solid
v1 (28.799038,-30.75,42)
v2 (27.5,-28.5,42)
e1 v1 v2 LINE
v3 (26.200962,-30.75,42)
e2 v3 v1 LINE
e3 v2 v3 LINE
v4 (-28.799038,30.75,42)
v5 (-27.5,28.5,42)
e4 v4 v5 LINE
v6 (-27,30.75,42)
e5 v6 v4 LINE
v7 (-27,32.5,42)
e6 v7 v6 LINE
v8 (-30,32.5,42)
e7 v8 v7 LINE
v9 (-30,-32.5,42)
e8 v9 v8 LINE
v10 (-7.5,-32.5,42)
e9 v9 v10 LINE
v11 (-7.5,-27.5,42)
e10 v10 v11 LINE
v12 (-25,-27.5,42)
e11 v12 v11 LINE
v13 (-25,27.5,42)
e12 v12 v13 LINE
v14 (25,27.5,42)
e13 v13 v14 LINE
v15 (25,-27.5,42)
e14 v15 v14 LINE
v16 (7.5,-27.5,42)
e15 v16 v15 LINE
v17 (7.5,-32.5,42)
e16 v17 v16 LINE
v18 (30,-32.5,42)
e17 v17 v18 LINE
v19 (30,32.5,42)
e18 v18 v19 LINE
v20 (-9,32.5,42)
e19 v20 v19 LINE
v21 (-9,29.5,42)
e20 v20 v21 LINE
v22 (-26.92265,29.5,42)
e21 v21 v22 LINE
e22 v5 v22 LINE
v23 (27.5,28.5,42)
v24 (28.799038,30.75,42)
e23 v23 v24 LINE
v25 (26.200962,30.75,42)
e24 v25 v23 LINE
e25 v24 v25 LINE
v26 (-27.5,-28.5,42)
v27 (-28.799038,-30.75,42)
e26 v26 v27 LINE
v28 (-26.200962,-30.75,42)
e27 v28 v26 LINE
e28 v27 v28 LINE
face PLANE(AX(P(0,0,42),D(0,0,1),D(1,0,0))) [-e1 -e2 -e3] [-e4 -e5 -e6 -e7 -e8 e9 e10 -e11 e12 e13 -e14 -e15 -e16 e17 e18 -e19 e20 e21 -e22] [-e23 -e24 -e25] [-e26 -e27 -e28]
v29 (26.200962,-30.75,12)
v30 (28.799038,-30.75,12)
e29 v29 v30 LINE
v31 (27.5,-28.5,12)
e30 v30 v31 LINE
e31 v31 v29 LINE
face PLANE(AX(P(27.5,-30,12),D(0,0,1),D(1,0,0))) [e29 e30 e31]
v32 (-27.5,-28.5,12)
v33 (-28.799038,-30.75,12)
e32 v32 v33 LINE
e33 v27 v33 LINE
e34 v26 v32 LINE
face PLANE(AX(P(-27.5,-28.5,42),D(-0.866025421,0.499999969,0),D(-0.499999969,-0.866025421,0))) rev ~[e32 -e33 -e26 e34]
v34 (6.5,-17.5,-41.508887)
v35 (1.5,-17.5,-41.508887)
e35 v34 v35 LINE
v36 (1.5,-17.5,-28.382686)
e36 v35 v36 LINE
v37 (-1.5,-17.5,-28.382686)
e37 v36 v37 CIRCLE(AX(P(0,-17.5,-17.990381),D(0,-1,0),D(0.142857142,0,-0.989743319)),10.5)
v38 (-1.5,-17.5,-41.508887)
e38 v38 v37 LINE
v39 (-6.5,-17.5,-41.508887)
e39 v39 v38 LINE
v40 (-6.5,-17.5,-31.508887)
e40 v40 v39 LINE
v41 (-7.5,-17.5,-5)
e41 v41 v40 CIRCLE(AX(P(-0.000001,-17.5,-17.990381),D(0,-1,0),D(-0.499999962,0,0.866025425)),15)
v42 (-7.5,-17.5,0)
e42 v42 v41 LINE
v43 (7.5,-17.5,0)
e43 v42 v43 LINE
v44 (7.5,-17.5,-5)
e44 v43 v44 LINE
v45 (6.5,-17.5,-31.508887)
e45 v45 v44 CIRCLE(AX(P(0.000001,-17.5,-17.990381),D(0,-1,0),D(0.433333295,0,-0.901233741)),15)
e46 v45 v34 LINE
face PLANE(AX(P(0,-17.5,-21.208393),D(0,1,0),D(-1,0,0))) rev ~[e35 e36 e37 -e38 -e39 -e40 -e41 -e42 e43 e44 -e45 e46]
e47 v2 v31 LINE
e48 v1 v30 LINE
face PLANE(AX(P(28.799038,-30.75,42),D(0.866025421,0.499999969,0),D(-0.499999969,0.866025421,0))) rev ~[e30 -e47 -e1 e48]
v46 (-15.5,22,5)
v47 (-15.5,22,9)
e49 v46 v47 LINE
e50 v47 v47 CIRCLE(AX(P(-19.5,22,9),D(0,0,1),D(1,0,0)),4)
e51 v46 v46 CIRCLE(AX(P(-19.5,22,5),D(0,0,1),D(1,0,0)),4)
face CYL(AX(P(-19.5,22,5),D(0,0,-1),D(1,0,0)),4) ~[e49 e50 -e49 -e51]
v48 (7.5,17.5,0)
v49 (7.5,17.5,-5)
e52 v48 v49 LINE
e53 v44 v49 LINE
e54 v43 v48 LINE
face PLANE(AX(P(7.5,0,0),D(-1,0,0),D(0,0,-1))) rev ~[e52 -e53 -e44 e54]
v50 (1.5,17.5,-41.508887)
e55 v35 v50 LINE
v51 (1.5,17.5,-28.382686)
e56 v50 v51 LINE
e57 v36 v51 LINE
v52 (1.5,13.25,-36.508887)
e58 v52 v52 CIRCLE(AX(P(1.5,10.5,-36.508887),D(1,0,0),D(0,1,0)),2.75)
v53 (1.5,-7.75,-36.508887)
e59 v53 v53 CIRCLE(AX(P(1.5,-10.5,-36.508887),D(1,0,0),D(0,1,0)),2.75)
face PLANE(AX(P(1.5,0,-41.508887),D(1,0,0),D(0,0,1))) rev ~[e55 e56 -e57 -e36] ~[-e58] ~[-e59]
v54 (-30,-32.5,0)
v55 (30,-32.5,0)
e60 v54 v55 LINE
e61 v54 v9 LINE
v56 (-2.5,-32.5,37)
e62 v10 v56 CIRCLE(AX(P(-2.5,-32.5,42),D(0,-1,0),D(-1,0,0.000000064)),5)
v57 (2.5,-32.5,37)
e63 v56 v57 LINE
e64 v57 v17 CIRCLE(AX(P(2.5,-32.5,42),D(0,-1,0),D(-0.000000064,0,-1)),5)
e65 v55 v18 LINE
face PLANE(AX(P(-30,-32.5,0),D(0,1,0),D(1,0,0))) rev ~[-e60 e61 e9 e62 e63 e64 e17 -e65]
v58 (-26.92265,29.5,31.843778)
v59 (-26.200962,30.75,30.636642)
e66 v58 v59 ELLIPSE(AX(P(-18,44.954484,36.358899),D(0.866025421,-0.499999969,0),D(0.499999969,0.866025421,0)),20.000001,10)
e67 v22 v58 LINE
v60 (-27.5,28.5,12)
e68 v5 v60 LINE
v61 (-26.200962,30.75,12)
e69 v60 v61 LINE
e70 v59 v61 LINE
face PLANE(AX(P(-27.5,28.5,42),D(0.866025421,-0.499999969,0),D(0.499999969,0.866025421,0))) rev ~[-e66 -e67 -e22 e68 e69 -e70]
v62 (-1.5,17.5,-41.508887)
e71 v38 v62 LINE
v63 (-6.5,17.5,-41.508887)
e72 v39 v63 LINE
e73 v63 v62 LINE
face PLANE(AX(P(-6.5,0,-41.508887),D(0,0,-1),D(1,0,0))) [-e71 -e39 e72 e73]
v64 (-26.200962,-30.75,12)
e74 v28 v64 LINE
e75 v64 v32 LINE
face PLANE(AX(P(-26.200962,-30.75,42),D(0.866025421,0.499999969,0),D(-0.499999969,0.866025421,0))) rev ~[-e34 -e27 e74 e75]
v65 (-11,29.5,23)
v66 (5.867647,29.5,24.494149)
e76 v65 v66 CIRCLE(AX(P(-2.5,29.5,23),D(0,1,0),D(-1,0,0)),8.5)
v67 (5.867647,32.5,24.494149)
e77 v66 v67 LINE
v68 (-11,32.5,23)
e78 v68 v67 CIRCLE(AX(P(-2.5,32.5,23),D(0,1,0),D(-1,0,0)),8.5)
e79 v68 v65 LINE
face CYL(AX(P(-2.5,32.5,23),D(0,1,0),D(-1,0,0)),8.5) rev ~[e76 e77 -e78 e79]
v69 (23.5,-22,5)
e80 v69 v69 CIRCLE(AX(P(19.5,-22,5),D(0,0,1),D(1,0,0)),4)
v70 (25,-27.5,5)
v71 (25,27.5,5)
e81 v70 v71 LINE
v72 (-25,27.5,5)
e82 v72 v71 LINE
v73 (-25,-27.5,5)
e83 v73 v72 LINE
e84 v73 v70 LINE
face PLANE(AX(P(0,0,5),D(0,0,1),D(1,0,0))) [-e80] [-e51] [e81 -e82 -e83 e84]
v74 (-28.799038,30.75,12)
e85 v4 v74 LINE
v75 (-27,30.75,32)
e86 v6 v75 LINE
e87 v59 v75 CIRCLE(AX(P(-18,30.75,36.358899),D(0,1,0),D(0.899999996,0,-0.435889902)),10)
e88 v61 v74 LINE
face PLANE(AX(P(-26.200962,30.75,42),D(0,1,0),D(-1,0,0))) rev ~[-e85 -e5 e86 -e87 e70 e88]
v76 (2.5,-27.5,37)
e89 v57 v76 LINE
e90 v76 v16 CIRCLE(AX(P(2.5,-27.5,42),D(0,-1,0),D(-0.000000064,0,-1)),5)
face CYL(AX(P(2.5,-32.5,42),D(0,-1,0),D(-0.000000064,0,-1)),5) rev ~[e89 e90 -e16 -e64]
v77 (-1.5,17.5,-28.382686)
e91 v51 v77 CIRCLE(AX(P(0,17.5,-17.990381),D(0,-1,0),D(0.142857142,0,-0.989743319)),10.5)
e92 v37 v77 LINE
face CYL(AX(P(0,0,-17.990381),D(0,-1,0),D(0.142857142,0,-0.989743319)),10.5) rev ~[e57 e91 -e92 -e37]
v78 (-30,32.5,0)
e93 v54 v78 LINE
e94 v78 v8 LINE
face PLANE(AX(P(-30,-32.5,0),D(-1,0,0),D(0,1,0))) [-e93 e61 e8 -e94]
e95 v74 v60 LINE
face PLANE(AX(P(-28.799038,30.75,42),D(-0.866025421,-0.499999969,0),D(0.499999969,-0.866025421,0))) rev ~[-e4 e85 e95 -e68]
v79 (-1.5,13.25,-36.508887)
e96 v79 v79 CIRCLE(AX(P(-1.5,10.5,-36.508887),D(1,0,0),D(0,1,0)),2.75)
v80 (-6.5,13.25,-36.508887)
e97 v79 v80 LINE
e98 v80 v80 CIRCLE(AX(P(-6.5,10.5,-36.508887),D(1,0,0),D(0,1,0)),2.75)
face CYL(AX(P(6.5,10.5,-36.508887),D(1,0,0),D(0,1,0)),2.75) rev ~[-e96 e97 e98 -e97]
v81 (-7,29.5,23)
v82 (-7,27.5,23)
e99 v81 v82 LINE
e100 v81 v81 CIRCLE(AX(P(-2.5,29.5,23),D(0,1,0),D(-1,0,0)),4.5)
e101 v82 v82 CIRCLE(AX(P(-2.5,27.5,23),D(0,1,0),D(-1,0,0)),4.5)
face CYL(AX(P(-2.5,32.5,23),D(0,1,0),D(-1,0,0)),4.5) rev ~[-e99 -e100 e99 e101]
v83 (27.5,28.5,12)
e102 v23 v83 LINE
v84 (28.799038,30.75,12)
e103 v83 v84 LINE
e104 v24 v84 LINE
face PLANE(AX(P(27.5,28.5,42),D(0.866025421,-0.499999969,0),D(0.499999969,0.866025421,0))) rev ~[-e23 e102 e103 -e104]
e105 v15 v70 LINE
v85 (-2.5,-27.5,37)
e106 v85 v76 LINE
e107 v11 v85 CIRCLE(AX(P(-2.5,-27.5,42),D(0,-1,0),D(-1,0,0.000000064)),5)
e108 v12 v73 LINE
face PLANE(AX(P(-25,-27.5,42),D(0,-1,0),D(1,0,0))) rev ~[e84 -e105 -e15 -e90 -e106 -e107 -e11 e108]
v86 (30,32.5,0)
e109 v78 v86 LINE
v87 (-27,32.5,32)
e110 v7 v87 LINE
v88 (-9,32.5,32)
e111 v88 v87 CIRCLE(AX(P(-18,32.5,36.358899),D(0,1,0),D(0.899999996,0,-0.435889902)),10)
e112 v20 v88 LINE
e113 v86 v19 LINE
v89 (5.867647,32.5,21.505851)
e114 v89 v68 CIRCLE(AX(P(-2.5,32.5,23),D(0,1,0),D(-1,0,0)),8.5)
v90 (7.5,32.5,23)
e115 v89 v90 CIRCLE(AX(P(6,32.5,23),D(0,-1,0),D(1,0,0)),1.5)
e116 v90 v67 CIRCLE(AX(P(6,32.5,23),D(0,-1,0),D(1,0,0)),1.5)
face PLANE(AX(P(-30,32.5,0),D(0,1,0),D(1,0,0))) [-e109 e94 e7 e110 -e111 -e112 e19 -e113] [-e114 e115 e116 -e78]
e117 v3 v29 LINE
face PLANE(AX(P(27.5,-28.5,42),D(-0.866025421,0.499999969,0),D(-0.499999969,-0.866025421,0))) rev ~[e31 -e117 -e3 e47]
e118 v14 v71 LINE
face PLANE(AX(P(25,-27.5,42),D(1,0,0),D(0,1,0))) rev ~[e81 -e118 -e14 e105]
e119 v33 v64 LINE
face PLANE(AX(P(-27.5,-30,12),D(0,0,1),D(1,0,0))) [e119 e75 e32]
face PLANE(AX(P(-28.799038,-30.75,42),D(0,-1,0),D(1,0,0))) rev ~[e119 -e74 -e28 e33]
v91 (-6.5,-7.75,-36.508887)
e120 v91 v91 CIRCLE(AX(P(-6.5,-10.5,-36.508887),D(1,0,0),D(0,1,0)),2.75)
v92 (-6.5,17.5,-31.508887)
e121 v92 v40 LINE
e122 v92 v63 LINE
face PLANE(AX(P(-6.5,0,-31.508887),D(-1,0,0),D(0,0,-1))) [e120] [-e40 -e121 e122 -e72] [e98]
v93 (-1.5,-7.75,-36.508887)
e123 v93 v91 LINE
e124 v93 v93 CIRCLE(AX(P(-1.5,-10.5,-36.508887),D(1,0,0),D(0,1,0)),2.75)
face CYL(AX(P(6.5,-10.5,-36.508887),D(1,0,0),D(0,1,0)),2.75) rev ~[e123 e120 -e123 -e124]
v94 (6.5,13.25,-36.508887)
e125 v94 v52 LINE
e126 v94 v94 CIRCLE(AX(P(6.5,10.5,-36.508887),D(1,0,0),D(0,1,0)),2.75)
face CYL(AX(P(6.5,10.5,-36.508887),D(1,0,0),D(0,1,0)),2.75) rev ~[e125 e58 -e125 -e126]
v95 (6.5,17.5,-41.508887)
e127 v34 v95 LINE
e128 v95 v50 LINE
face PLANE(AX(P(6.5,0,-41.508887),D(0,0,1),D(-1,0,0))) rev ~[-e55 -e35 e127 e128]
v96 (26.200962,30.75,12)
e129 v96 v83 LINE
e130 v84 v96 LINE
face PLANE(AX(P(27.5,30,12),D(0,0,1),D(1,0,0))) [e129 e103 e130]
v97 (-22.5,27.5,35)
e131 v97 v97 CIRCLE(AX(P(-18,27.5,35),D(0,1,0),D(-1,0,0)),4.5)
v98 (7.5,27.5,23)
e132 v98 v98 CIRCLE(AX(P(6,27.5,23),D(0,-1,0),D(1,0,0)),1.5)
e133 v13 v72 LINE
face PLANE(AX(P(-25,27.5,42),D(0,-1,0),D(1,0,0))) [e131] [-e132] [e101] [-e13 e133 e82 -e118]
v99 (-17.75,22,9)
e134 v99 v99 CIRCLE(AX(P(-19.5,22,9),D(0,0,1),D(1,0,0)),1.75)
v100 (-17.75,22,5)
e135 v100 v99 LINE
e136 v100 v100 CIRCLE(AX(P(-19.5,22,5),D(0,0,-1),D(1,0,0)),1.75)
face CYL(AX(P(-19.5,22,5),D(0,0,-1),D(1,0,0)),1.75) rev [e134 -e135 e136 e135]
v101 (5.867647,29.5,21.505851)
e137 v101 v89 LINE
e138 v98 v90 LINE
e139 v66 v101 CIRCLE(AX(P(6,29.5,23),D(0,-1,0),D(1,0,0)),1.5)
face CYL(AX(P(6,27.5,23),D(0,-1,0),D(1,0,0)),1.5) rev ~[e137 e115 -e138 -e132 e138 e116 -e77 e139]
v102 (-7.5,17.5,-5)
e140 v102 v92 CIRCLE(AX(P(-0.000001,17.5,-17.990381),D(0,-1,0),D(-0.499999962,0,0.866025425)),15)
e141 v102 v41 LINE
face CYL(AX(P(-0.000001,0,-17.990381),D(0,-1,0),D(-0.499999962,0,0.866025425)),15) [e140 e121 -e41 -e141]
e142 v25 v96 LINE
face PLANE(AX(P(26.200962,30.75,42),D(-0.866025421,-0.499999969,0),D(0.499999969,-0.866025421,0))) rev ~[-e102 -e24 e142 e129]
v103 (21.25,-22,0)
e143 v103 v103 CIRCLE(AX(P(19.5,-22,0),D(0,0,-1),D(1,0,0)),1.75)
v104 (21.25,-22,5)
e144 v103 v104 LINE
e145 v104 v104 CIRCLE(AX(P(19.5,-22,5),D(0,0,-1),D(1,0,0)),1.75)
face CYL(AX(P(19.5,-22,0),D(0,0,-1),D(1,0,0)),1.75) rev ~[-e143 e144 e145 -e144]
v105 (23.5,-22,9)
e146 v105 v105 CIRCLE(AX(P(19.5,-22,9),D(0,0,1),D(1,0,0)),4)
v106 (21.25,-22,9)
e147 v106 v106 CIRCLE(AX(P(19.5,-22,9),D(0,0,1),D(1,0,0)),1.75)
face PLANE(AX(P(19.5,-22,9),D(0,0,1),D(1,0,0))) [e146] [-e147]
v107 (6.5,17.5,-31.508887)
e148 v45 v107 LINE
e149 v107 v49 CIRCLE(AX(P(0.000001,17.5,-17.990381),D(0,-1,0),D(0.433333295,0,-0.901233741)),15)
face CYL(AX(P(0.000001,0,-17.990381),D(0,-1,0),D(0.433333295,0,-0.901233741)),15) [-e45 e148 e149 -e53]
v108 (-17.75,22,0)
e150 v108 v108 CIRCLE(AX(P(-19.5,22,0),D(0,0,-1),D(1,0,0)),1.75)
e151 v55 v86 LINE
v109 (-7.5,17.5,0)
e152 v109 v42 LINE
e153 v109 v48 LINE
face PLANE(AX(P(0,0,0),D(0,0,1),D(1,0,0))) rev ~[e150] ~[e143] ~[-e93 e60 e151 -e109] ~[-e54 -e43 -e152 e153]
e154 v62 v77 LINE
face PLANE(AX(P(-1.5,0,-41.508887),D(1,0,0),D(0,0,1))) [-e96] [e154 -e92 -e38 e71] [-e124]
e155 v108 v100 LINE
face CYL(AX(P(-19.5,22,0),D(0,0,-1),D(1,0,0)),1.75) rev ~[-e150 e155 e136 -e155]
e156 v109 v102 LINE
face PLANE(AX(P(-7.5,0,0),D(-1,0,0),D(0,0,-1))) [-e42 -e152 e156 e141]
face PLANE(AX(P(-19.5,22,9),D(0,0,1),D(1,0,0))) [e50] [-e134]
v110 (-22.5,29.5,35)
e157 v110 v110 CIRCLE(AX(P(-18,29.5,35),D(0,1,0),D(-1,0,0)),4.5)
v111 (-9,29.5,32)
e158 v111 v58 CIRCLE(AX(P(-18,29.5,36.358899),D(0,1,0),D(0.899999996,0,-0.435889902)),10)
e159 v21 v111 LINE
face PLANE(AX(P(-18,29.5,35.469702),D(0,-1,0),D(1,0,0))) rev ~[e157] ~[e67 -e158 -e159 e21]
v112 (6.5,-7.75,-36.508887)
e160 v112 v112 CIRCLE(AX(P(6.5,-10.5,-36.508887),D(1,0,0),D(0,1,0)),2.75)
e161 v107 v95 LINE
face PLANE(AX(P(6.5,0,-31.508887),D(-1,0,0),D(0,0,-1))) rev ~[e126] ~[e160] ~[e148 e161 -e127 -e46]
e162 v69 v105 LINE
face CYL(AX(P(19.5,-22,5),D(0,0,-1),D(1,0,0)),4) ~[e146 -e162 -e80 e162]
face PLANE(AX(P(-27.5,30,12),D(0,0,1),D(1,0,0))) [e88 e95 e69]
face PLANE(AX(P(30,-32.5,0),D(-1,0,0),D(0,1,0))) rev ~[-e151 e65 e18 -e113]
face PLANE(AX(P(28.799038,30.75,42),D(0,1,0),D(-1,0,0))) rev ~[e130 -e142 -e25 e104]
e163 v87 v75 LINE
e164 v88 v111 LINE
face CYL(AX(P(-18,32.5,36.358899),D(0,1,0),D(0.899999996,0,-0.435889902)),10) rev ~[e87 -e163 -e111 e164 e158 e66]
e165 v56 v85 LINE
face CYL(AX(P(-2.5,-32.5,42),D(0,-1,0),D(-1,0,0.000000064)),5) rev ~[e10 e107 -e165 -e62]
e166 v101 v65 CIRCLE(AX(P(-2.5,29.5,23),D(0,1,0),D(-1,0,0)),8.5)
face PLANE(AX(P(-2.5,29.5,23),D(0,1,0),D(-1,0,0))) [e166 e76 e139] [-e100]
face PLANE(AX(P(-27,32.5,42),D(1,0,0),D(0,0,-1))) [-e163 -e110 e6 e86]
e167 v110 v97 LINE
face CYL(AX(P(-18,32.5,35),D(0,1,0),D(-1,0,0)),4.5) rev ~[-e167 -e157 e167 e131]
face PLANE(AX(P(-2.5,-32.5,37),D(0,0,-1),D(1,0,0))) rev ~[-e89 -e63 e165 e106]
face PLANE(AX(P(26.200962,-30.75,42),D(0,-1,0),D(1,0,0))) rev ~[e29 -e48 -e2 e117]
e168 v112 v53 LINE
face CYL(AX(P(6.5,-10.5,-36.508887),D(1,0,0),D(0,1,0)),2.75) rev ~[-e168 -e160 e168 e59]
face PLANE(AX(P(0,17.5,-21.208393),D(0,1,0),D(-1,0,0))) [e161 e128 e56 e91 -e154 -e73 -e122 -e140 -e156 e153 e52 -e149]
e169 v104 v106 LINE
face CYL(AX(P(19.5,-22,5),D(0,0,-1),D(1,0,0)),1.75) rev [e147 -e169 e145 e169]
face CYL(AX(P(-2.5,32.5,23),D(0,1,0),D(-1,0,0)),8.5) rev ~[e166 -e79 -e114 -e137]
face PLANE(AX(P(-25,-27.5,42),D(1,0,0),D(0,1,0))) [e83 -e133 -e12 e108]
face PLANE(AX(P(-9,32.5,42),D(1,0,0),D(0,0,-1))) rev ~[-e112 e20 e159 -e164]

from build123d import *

# Parameters (mm, degrees)
SKETCH_W        = 60
SKETCH_H        = 65
PAD_DEPTH       = 42
SKETCH001_W     = 50
SKETCH001_H     = 55
POCKET_DEPTH    = 37
SKETCH002_R     = 1.75
POCKET001_DEPTH = 5
SKETCH003_R     = 4
SKETCH003_R_2   = 1.75
PAD001_DEPTH    = 4
SKETCH004_R     = 4.5
POCKET002_DEPTH = 5
SKETCH005_R     = 8.5
POCKET003_DEPTH = 3
POCKET004_DEPTH = 30
POCKET005_DEPTH = 5
PAD002_DEPTH    = 17.5
SKETCH009_R     = 2.75
POCKET006_DEPTH = 36.501
SKETCH010_R     = 4.5
POCKET007_DEPTH = 5
POCKET008_DEPTH = 3
SKETCH012_R     = 1.5
POCKET009_DEPTH = 5


with BuildPart() as part:
    # Sketch → Pad (new body)
    with BuildSketch(Plane.XY):
        Rectangle(SKETCH_W, SKETCH_H)
    extrude(amount=PAD_DEPTH)

    # Sketch001 (on Face6 of Pad) → Pocket (cut)
    with BuildSketch(Plane.XY.offset(42)):
        Rectangle(SKETCH001_W, SKETCH001_H)
    extrude(amount=-POCKET_DEPTH, mode=Mode.SUBTRACT)

    # Sketch002 (on Face4 of Pocket) → Pocket001 (cut)
    with BuildSketch(Plane(origin=(0, 0, 0), x_dir=(1, 0, 0), z_dir=(0, 0, -1))):
        with Locations((-19.5, -22)):
            Circle(SKETCH002_R)
        with Locations((19.5, 22)):
            Circle(SKETCH002_R)
    extrude(amount=-POCKET001_DEPTH, mode=Mode.SUBTRACT)

    # Sketch003 (on Face13 of Pocket001) → Pad001 (join)
    with BuildSketch(Plane.XY.offset(5)):
        with Locations((-19.5, 22)):
            Circle(SKETCH003_R)
        with Locations((-19.5, 22)):
            Circle(SKETCH003_R_2, mode=Mode.SUBTRACT)
        with Locations((19.5, -22)):
            Circle(SKETCH003_R)
        with Locations((19.5, -22)):
            Circle(SKETCH003_R_2, mode=Mode.SUBTRACT)
    extrude(amount=PAD001_DEPTH)

    # Sketch004 (on Face1 of Pad001) → Pocket002 (cut)
    with BuildSketch(Plane(origin=(0, 32.5, 0), x_dir=(-1, 0, 0), z_dir=(0, 1, 0))):
        with Locations((2.5, 23)):
            Circle(SKETCH004_R)
    extrude(amount=-POCKET002_DEPTH, mode=Mode.SUBTRACT)

    # Sketch005 (on Face1 of Pocket002) → Pocket003 (cut)
    with BuildSketch(Plane(origin=(0, 32.5, 0), x_dir=(-1, 0, 0), z_dir=(0, 1, 0))):
        with Locations((2.5, 23)):
            Circle(SKETCH005_R)
    extrude(amount=-POCKET003_DEPTH, mode=Mode.SUBTRACT)

    # Sketch006 (on Face4 of Pocket003) → Pocket004 (cut)
    with BuildSketch(Plane.XY.offset(42)):
        Polygon((-27.5, 28.5), (-26.200962, 30.75), (-28.799038, 30.75), align=None)
        Polygon((27.5, 28.5), (28.799038, 30.75), (26.200962, 30.75), align=None)
        Polygon((28.799038, -30.75), (27.5, -28.5), (26.200962, -30.75), align=None)
        Polygon((-26.200962, -30.75), (-27.5, -28.5), (-28.799038, -30.75), align=None)
    extrude(amount=-POCKET004_DEPTH, mode=Mode.SUBTRACT)

    # Sketch007 (on Face7 of Pocket004) → Pocket005 (cut)
    with BuildSketch(Plane.XZ.offset(32.5)):
        with BuildLine():
            Line((-7.5, 42), (7.5, 42))
            ThreePointArc((2.5, 37), (6.035534, 38.464466), (7.5, 42))
            Line((-2.5, 37), (2.5, 37))
            ThreePointArc((-7.5, 42), (-6.035534, 38.464466), (-2.5, 37))
        make_face()
    extrude(amount=-POCKET005_DEPTH, mode=Mode.SUBTRACT)

    # Sketch008 (on DatumPlane) → Pad002 (join, symmetric)
    with BuildSketch(Plane.XZ):
        with BuildLine():
            Line((-7.5, 0), (7.5, 0))
            Line((7.5, 0), (7.5, -5))
            ThreePointArc((6.5, -31.508887), (14.989339, -18.555827), (7.5, -5))
            Line((6.5, -31.508887), (6.5, -41.508887))
            Line((6.5, -41.508887), (1.5, -41.508887))
            Line((1.5, -41.508887), (1.5, -28.382686))
            ThreePointArc((1.5, -28.382686), (0, -7.490381), (-1.5, -28.382686))
            Line((-1.5, -41.508887), (-1.5, -28.382686))
            Line((-6.5, -41.508887), (-1.5, -41.508887))
            Line((-6.5, -31.508887), (-6.5, -41.508887))
            ThreePointArc((-7.5, -5), (-14.989339, -18.555827), (-6.5, -31.508887))
            Line((-7.5, 0), (-7.5, -5))
        make_face()
    extrude(amount=PAD002_DEPTH, both=True)

    # Sketch009 (on Face36 of Pad002) → Pocket006 (cut, through all)
    with BuildSketch(Plane.YZ.offset(6.5)):
        with Locations((-10.5, -36.508887)):
            Circle(SKETCH009_R)
        with Locations((10.5, -36.508887)):
            Circle(SKETCH009_R)
    extrude(amount=-POCKET006_DEPTH, mode=Mode.SUBTRACT)

    # Sketch010 (on Face1 of Pocket006) → Pocket007 (cut)
    with BuildSketch(Plane(origin=(0, 32.5, 0), x_dir=(-1, 0, 0), z_dir=(0, 1, 0))):
        with Locations((18, 35)):
            Circle(SKETCH010_R)
    extrude(amount=-POCKET007_DEPTH, mode=Mode.SUBTRACT)

    # Sketch011 (on Face1 of Pocket007) → Pocket008 (cut)
    with BuildSketch(Plane(origin=(0, 32.5, 0), x_dir=(-1, 0, 0), z_dir=(0, 1, 0))):
        with BuildLine():
            Line((9, 42), (27, 42))
            Line((27, 42), (27, 32))
            ThreePointArc((9, 32), (18, 26.358899), (27, 32))
            Line((9, 42), (9, 32))
        make_face()
    extrude(amount=-POCKET008_DEPTH, mode=Mode.SUBTRACT)

    # Sketch012 (on Face20 of Pocket008) → Pocket009 (cut)
    with BuildSketch(Plane.XZ.offset(-27.5)):
        with Locations((6, 23)):
            Circle(SKETCH012_R)
    extrude(amount=-POCKET009_DEPTH, mode=Mode.SUBTRACT)


solid = part.part
